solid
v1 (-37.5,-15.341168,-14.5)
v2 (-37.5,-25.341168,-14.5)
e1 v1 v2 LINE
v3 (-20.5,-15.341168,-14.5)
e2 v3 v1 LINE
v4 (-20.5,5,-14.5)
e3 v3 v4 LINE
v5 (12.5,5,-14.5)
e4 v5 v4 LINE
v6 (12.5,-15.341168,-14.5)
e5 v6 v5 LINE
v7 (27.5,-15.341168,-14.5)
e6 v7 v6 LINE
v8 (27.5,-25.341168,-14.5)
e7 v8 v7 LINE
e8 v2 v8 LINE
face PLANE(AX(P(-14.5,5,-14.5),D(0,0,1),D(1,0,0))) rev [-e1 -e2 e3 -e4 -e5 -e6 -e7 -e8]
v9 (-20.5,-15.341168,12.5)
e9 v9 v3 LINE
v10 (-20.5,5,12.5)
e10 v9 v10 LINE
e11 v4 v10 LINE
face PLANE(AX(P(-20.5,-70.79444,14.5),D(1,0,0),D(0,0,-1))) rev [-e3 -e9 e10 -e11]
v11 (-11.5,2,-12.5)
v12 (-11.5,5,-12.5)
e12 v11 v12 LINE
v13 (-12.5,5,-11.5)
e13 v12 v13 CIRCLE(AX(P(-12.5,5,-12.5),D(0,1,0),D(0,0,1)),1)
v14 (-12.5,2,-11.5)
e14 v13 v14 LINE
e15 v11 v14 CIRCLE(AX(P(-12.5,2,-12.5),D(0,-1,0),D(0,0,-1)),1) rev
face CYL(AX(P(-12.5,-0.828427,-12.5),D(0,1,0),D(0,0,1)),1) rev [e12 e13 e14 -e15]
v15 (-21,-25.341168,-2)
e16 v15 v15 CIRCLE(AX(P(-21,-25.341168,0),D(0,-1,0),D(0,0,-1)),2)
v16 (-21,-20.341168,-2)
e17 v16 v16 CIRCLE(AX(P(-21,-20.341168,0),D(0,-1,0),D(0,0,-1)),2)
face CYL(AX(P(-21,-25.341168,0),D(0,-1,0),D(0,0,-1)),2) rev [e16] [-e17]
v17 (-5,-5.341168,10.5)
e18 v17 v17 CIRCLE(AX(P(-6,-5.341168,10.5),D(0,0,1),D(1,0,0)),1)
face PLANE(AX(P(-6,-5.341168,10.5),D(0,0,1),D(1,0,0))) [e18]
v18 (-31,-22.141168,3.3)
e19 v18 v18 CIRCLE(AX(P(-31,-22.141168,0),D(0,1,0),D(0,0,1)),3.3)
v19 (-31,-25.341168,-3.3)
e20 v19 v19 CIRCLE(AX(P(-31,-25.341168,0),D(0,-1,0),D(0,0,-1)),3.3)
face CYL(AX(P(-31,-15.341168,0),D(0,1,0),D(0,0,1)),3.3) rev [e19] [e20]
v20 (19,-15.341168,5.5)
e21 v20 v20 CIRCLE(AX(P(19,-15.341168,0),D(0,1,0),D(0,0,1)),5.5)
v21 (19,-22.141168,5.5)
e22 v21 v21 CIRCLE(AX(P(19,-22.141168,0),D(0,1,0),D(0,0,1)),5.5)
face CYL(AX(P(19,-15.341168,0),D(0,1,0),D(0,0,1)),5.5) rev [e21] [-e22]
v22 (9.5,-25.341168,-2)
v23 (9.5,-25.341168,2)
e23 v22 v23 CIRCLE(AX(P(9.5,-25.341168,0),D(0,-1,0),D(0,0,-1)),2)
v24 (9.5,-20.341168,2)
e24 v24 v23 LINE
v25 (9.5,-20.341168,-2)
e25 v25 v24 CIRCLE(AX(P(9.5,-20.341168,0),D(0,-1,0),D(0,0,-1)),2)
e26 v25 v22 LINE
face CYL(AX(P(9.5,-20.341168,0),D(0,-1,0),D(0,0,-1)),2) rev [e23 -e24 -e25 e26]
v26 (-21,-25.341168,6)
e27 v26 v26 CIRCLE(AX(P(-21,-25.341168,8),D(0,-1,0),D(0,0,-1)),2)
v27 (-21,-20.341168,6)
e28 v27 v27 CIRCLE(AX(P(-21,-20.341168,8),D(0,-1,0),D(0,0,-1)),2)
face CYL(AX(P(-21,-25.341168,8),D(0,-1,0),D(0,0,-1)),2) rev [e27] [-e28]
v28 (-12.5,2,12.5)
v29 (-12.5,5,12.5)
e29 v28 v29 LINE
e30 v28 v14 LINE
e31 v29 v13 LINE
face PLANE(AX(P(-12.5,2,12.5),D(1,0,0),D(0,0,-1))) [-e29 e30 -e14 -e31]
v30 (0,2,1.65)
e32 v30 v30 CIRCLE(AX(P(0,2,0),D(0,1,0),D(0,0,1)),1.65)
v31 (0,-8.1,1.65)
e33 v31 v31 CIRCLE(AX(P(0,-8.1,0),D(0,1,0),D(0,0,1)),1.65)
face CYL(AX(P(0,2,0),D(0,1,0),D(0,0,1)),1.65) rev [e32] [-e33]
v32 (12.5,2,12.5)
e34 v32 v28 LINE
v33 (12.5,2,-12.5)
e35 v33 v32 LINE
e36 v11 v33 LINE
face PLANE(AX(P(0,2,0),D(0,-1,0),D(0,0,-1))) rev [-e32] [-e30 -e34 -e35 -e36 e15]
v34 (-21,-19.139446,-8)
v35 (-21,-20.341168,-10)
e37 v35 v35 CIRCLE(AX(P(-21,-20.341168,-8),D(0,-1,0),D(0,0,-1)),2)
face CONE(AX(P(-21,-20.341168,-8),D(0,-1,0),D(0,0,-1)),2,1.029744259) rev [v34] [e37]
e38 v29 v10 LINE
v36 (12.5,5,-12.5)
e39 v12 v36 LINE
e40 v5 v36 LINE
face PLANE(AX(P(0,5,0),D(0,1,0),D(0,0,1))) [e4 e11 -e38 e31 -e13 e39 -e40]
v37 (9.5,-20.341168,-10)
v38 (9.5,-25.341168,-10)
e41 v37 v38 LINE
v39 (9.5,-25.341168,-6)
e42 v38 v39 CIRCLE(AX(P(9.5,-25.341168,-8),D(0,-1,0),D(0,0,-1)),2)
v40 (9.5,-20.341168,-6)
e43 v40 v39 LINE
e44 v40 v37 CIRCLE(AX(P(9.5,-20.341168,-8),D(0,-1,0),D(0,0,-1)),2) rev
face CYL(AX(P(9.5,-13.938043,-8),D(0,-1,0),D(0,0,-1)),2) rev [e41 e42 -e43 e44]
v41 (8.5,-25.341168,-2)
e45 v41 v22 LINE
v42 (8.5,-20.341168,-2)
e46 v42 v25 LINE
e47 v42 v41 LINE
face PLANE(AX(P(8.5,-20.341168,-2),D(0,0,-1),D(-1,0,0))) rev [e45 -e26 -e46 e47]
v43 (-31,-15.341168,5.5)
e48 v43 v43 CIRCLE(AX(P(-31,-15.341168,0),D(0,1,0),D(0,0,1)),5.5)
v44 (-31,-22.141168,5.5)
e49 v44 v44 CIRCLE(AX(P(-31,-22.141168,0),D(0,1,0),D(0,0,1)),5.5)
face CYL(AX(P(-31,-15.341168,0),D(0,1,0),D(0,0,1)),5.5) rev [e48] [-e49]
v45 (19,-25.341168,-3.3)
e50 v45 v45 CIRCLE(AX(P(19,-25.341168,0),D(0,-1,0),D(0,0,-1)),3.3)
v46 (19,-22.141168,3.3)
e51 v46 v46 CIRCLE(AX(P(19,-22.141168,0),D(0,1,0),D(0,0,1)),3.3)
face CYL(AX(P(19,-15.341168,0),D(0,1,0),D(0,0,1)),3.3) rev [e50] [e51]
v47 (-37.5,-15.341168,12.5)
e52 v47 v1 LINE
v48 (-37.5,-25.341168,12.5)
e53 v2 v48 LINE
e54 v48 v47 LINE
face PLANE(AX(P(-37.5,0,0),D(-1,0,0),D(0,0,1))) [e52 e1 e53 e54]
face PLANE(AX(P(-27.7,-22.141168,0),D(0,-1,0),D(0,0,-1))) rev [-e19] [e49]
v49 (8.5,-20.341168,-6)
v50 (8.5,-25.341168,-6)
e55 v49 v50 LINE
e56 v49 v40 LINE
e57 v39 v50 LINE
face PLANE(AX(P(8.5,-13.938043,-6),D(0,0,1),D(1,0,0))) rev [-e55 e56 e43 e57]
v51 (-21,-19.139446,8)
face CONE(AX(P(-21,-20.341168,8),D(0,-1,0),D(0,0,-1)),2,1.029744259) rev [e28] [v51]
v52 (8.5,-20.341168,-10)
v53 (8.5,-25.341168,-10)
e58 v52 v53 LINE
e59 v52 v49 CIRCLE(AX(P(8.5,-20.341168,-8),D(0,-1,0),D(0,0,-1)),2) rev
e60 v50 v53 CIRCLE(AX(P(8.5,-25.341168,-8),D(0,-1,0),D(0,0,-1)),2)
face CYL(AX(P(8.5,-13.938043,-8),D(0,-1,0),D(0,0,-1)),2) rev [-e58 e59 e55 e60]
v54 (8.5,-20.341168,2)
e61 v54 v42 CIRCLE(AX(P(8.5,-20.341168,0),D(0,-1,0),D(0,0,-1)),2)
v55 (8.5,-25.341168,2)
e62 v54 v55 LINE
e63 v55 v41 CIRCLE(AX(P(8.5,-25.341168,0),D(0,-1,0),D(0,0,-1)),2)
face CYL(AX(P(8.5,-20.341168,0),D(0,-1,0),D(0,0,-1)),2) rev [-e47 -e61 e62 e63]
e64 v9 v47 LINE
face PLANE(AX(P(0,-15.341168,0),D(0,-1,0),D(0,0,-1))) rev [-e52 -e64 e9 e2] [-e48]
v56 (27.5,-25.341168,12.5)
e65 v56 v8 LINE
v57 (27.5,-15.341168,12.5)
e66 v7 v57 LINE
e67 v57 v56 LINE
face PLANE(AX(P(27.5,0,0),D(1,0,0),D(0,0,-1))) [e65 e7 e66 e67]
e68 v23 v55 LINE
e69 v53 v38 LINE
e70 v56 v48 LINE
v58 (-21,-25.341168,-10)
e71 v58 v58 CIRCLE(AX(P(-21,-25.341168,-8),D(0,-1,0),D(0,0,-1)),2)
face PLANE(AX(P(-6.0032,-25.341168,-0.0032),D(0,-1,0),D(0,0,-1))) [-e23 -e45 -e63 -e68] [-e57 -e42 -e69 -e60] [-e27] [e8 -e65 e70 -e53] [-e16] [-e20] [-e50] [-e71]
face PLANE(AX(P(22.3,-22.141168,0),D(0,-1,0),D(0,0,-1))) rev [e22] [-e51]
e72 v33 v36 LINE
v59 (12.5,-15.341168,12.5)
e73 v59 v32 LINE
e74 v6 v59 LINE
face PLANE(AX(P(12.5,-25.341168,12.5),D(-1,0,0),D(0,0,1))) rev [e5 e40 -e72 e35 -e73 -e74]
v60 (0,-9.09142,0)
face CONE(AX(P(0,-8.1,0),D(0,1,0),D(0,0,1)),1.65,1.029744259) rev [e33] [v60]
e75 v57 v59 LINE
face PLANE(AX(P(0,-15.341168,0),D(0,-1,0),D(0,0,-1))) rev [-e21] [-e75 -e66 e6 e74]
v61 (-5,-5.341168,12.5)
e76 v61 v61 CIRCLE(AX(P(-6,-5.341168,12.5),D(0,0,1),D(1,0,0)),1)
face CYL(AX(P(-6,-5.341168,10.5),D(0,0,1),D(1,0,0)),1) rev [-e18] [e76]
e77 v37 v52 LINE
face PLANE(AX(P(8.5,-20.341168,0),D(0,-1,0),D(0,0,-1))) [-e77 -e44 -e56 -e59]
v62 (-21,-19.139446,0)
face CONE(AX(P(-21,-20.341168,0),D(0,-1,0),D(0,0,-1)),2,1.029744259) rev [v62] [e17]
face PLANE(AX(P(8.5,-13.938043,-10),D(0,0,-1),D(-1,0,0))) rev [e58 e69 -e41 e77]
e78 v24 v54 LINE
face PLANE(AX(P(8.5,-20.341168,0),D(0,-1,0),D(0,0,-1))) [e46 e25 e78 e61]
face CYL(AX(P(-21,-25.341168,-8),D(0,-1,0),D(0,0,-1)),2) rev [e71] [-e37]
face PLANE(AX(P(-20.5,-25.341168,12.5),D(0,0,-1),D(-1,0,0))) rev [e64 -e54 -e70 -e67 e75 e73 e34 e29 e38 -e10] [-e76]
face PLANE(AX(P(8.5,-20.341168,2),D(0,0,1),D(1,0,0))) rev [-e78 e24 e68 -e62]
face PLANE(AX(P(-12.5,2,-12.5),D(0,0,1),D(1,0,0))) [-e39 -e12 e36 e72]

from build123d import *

# Parameters (mm, degrees)
SKETCH_1_W                = 29
SKETCH_1_H                = 29
EXTRUDE_1_DEPTH           = 5
SKETCH_2_W                = 25
SKETCH_2_H                = 25
CUT_EXTRUDE_1_DEPTH       = 3
SKETCH_3_W                = 35
SKETCH_3_H                = 29
EXTRUDE_747_DEPTH         = 25.341167732
HOLE_WIZARD_M4_1_D        = 3.3
HOLE_WIZARD_M4_1_DEPTH    = 10.1
HOLE_WIZARD_M4_1_TIP      = 0.991420021
SKETCH_9_R                = 1
CUT_EXTRUDE_2_DEPTH       = 3
SKETCH_11_W               = 29
SKETCH_11_H               = 5
EXTRUDE_4_DEPTH           = 6
CUT_EXTRUDE_8_DEPTH       = 40.383835
SKETCH_19_W               = 80
SKETCH_19_H               = 25
EXTRUDE_5_DEPTH           = 10
HOLE_WIZARD_1_D           = 6.6
HOLE_WIZARD_1_DEPTH       = 10.1
HOLE_WIZARD_1_CBORE_D     = 11
HOLE_WIZARD_1_CBORE_DEPTH = 6.8
HOLE_WIZARD_1_TIP         = 1.982840043
SKETCH_23_W               = 80
SKETCH_23_H               = 10
EXTRUDE_6_DEPTH           = 2
SKETCH_24_W               = 27
SKETCH_24_H               = 10
CUT_EXTRUDE_9_DEPTH       = 2
MM_1_D                    = 4
MM_1_DEPTH                = 5
MM_1_TIP                  = 1.201721238
CUT_EXTRUDE_10_DEPTH      = 5
SKETCH_28_R               = 1
CUT_EXTRUDE_11_DEPTH      = 2
HOLE_WIZARD_M6_1_D        = 5
HOLE_WIZARD_M6_1_DEPTH    = 10
HOLE_WIZARD_M6_1_TIP      = 1.502151548
CUT_EXTRUDE_12_DEPTH      = 62.837260656
CUT_EXTRUDE_12_DEPTH_BACK = 62.837260656
SKETCH_32_W               = 27
SKETCH_32_H               = 10
CUT_EXTRUDE_13_DEPTH      = 6.5
SKETCH_33_W               = 27
SKETCH_33_H               = 10
CUT_EXTRUDE_14_DEPTH      = 6.5
CUT_EXTRUDE_15_DEPTH      = 5
MM_2_D                    = 4
MM_2_DEPTH                = 5
MM_2_TIP                  = 1.201721238
MM_3_D                    = 4
MM_3_DEPTH                = 5
MM_3_TIP                  = 1.201721238
SKETCH_38_W               = 23.961905905
SKETCH_38_H               = 13.839319444
EXTRUDE_7_DEPTH           = 27


with BuildPart() as part:
    # 草图1 → 凸台-拉伸1 (new body)
    with BuildSketch(Plane(origin=(0, 0, 0), x_dir=(1, 0, 0), z_dir=(0, 1, 0))):
        Rectangle(SKETCH_1_W, SKETCH_1_H)
    extrude(amount=EXTRUDE_1_DEPTH)

    # 草图2 → 切除-拉伸1 (cut)
    with BuildSketch(Plane.XZ.offset(-5)):
        Rectangle(SKETCH_2_W, SKETCH_2_H)
    extrude(amount=CUT_EXTRUDE_1_DEPTH, mode=Mode.SUBTRACT)

    # 草图3 → Extrude 747 (add)
    with BuildSketch(Plane(origin=(0, 0, 0), x_dir=(-1, 0, 0), z_dir=(0, -1, 0))):
        with Locations((3, 0)):
            Rectangle(SKETCH_3_W, SKETCH_3_H)
    extrude(amount=EXTRUDE_747_DEPTH)

    # M4 螺纹孔1
    with Locations(Plane.ZX.offset(2)):
        with Locations((0, 0)):
            Hole(HOLE_WIZARD_M4_1_D / 2, depth=HOLE_WIZARD_M4_1_DEPTH)
            with Locations((0, 0, -(HOLE_WIZARD_M4_1_DEPTH + HOLE_WIZARD_M4_1_TIP / 2))):  # 118° drill point
                Cone(0, HOLE_WIZARD_M4_1_D / 2, HOLE_WIZARD_M4_1_TIP, mode=Mode.SUBTRACT)

    # 草图9 → 切除-拉伸2 (cut)
    with BuildSketch(Plane(origin=(0, 5, 0), x_dir=(1, 0, 0), z_dir=(0, 1, 0))):
        with Locations((-12.5, 12.5)):
            Circle(SKETCH_9_R)
    extrude(amount=-CUT_EXTRUDE_2_DEPTH, mode=Mode.SUBTRACT)

    # 草图11 → 凸台-拉伸4 (add)
    with BuildSketch(Plane.ZY.offset(14.5)):
        with Locations((0, 2.5)):
            Rectangle(SKETCH_11_W, SKETCH_11_H)
    extrude(amount=EXTRUDE_4_DEPTH)

    # 草图17 → 切除-拉伸8 (cut, through all)
    with BuildSketch(Plane(origin=(0, 5, 0), x_dir=(1, 0, 0), z_dir=(0, 1, 0))):
        Polygon((-20.5, -14.5), (14.5, -14.5), (14.5, 14.5), (12.5, 14.5), (12.5, -12.5), (-20.5, -12.5), align=None)
    extrude(amount=-CUT_EXTRUDE_8_DEPTH, mode=Mode.SUBTRACT)

    # 草图19 → 凸台-拉伸5 (add)
    with BuildSketch(Plane(origin=(0, -25.341167732, 0), x_dir=(-1, 0, 0), z_dir=(0, -1, 0))):
        with Locations((6, 0)):
            Rectangle(SKETCH_19_W, SKETCH_19_H)
    extrude(amount=-EXTRUDE_5_DEPTH)

    # 打孔尺寸(%根据)内六角圆柱头螺钉的类型1
    with Locations(Plane(origin=(-31, -15.341167732, 0), x_dir=(0, 0, 1), z_dir=(0, 1, 0))):
        with Locations((0, 0), (0, 50)):
            CounterBoreHole(HOLE_WIZARD_1_D / 2, HOLE_WIZARD_1_CBORE_D / 2, HOLE_WIZARD_1_CBORE_DEPTH, depth=HOLE_WIZARD_1_DEPTH)
            with Locations((0, 0, -(HOLE_WIZARD_1_DEPTH + HOLE_WIZARD_1_TIP / 2))):  # 118° drill point
                Cone(0, HOLE_WIZARD_1_D / 2, HOLE_WIZARD_1_TIP, mode=Mode.SUBTRACT)

    # 草图23 → 凸台-拉伸6 (add)
    with BuildSketch(Plane(origin=(0, 0, -12.5), x_dir=(-1, 0, 0), z_dir=(0, 0, -1))):
        with Locations((6, -20.341167732)):
            Rectangle(SKETCH_23_W, SKETCH_23_H)
    extrude(amount=EXTRUDE_6_DEPTH)

    # 草图24 → 切除-拉伸9 (cut)
    with BuildSketch(Plane.ZY.offset(46)):
        with Locations((-1, -20.341167732)):
            Rectangle(SKETCH_24_W, SKETCH_24_H)
    extrude(amount=-CUT_EXTRUDE_9_DEPTH, mode=Mode.SUBTRACT)

    # 大小mm 暗销孔1
    with Locations(Plane(origin=(-21, -25.341167732, 0), x_dir=(0, 0, -1), z_dir=(0, -1, 0))):
        with Locations((0, 0)):
            Hole(MM_1_D / 2, depth=MM_1_DEPTH)
            with Locations((0, 0, -(MM_1_DEPTH + MM_1_TIP / 2))):  # 118° drill point
                Cone(0, MM_1_D / 2, MM_1_TIP, mode=Mode.SUBTRACT)

    # 草图27 → 切除-拉伸10 (cut)
    with BuildSketch(Plane.XZ.offset(25.341167732)):
        with BuildLine():
            Line((8.5, 2), (9.5, 2))
            ThreePointArc((9.5, 2), (11.5, 0), (9.5, -2))
            Line((9.5, -2), (8.5, -2))
            ThreePointArc((8.5, -2), (6.5, 0), (8.5, 2))
        make_face()
    extrude(amount=-CUT_EXTRUDE_10_DEPTH, mode=Mode.SUBTRACT)

    # 草图28 → 切除-拉伸11 (cut)
    with BuildSketch(Plane.XY.offset(12.5)):
        with Locations((-6, -5.341167732)):
            Circle(SKETCH_28_R)
    extrude(amount=-CUT_EXTRUDE_11_DEPTH, mode=Mode.SUBTRACT)

    # M6 螺纹孔1
    with Locations(Plane(origin=(-6, -25.341167732, 0), x_dir=(0, 0, -1), z_dir=(0, -1, 0))):
        with Locations((0, 0)):
            Hole(HOLE_WIZARD_M6_1_D / 2, depth=HOLE_WIZARD_M6_1_DEPTH)
            with Locations((0, 0, -(HOLE_WIZARD_M6_1_DEPTH + HOLE_WIZARD_M6_1_TIP / 2))):  # 118° drill point
                Cone(0, HOLE_WIZARD_M6_1_D / 2, HOLE_WIZARD_M6_1_TIP, mode=Mode.SUBTRACT)

    # 草图31 → 切除-拉伸12 (cut, two sides: drawn at the far end of the back side and taken through both)
    with BuildSketch(Plane(origin=(-6.0032, 14.658832268, 10.4718), x_dir=(1, 0, 0), z_dir=(0, 0, 1)).offset(-CUT_EXTRUDE_12_DEPTH_BACK)):
        with BuildLine():
            Line((10.117055245, -31.7), (8.854085532, -31.7))
            Line((8.854085532, -31.7), (6.07517942, -36.564132504))
            Line((6.07517942, -36.564132504), (6.531795149, -36.824999624))
            Line((6.531795149, -36.824999624), (10.275, -36.824999624))
            ThreePointArc((10.275, -36.824999624), (11.025, -37.574999624), (10.275, -38.324999624))
            Line((10.275, -38.324999624), (9.525, -38.324999624))
            Line((9.525, -38.324999624), (9.525, -40))
            Line((9.525, -40), (-9.776101272, -40))
            Line((-9.776101272, -40), (-9.776101272, -38.074384714))
            Line((-9.776101272, -38.074384714), (-10.526101272, -38.074384714))
            ThreePointArc((-10.526101272, -38.074384714), (-11.276101272, -37.324384714), (-10.526101272, -36.574384714))
            Line((-10.526101272, -36.574384714), (-6.501264425, -36.574384714))
            Line((-6.501264425, -36.574384714), (-6.501264425, -36.324384714))
            Line((-6.501264425, -36.324384714), (-9.143201284, -31.7))
            Line((-9.143201284, -31.7), (-10.369175052, -31.7))
            ThreePointArc((-10.369175052, -31.7), (-11.119175052, -30.95), (-10.369175052, -30.2))
            Line((-10.369175052, -30.2), (10.117055245, -30.2))
            ThreePointArc((10.117055245, -30.2), (10.867055245, -30.95), (10.117055245, -31.7))
        make_face()
    extrude(amount=CUT_EXTRUDE_12_DEPTH + CUT_EXTRUDE_12_DEPTH_BACK, mode=Mode.SUBTRACT)

    # 草图32 → 切除-拉伸13 (cut)
    with BuildSketch(Plane.ZY.offset(44)):
        with Locations((-1, -20.341167732)):
            Rectangle(SKETCH_32_W, SKETCH_32_H)
    extrude(amount=-CUT_EXTRUDE_13_DEPTH, mode=Mode.SUBTRACT)

    # 草图33 → 切除-拉伸14 (cut)
    with BuildSketch(Plane(origin=(34, 0, 0), x_dir=(0, 0, -1), z_dir=(1, 0, 0))):
        with Locations((1, -20.341167732)):
            Rectangle(SKETCH_33_W, SKETCH_33_H)
    extrude(amount=-CUT_EXTRUDE_14_DEPTH, mode=Mode.SUBTRACT)

    # 草图35 → 切除-拉伸15 (cut)
    with BuildSketch(Plane.XZ.offset(25.341167732)):
        with BuildLine():
            Line((8.5, -6), (9.5, -6))
            ThreePointArc((9.5, -6), (11.5, -8), (9.5, -10))
            Line((9.5, -10), (8.5, -10))
            ThreePointArc((8.5, -10), (6.5, -8), (8.5, -6))
        make_face()
    extrude(amount=-CUT_EXTRUDE_15_DEPTH, mode=Mode.SUBTRACT)

    # 大小mm 暗销孔2
    with Locations(Plane(origin=(-21, -25.341167732, -8), x_dir=(0, 0, -1), z_dir=(0, -1, 0))):
        with Locations((0, 0)):
            Hole(MM_2_D / 2, depth=MM_2_DEPTH)
            with Locations((0, 0, -(MM_2_DEPTH + MM_2_TIP / 2))):  # 118° drill point
                Cone(0, MM_2_D / 2, MM_2_TIP, mode=Mode.SUBTRACT)

    # 大小mm 暗销孔3
    with Locations(Plane(origin=(-21, -25.341167732, 8), x_dir=(0, 0, -1), z_dir=(0, -1, 0))):
        with Locations((0, 0)):
            Hole(MM_3_D / 2, depth=MM_3_DEPTH)
            with Locations((0, 0, -(MM_3_DEPTH + MM_3_TIP / 2))):  # 118° drill point
                Cone(0, MM_3_D / 2, MM_3_TIP, mode=Mode.SUBTRACT)

    # 草图38 → 凸台-拉伸7 (add)
    with BuildSketch(Plane.XY.offset(12.5)):
        with Locations((-6.428193068, -18.42150801)):
            Rectangle(SKETCH_38_W, SKETCH_38_H)
    extrude(amount=-EXTRUDE_7_DEPTH)


solid = part.part
